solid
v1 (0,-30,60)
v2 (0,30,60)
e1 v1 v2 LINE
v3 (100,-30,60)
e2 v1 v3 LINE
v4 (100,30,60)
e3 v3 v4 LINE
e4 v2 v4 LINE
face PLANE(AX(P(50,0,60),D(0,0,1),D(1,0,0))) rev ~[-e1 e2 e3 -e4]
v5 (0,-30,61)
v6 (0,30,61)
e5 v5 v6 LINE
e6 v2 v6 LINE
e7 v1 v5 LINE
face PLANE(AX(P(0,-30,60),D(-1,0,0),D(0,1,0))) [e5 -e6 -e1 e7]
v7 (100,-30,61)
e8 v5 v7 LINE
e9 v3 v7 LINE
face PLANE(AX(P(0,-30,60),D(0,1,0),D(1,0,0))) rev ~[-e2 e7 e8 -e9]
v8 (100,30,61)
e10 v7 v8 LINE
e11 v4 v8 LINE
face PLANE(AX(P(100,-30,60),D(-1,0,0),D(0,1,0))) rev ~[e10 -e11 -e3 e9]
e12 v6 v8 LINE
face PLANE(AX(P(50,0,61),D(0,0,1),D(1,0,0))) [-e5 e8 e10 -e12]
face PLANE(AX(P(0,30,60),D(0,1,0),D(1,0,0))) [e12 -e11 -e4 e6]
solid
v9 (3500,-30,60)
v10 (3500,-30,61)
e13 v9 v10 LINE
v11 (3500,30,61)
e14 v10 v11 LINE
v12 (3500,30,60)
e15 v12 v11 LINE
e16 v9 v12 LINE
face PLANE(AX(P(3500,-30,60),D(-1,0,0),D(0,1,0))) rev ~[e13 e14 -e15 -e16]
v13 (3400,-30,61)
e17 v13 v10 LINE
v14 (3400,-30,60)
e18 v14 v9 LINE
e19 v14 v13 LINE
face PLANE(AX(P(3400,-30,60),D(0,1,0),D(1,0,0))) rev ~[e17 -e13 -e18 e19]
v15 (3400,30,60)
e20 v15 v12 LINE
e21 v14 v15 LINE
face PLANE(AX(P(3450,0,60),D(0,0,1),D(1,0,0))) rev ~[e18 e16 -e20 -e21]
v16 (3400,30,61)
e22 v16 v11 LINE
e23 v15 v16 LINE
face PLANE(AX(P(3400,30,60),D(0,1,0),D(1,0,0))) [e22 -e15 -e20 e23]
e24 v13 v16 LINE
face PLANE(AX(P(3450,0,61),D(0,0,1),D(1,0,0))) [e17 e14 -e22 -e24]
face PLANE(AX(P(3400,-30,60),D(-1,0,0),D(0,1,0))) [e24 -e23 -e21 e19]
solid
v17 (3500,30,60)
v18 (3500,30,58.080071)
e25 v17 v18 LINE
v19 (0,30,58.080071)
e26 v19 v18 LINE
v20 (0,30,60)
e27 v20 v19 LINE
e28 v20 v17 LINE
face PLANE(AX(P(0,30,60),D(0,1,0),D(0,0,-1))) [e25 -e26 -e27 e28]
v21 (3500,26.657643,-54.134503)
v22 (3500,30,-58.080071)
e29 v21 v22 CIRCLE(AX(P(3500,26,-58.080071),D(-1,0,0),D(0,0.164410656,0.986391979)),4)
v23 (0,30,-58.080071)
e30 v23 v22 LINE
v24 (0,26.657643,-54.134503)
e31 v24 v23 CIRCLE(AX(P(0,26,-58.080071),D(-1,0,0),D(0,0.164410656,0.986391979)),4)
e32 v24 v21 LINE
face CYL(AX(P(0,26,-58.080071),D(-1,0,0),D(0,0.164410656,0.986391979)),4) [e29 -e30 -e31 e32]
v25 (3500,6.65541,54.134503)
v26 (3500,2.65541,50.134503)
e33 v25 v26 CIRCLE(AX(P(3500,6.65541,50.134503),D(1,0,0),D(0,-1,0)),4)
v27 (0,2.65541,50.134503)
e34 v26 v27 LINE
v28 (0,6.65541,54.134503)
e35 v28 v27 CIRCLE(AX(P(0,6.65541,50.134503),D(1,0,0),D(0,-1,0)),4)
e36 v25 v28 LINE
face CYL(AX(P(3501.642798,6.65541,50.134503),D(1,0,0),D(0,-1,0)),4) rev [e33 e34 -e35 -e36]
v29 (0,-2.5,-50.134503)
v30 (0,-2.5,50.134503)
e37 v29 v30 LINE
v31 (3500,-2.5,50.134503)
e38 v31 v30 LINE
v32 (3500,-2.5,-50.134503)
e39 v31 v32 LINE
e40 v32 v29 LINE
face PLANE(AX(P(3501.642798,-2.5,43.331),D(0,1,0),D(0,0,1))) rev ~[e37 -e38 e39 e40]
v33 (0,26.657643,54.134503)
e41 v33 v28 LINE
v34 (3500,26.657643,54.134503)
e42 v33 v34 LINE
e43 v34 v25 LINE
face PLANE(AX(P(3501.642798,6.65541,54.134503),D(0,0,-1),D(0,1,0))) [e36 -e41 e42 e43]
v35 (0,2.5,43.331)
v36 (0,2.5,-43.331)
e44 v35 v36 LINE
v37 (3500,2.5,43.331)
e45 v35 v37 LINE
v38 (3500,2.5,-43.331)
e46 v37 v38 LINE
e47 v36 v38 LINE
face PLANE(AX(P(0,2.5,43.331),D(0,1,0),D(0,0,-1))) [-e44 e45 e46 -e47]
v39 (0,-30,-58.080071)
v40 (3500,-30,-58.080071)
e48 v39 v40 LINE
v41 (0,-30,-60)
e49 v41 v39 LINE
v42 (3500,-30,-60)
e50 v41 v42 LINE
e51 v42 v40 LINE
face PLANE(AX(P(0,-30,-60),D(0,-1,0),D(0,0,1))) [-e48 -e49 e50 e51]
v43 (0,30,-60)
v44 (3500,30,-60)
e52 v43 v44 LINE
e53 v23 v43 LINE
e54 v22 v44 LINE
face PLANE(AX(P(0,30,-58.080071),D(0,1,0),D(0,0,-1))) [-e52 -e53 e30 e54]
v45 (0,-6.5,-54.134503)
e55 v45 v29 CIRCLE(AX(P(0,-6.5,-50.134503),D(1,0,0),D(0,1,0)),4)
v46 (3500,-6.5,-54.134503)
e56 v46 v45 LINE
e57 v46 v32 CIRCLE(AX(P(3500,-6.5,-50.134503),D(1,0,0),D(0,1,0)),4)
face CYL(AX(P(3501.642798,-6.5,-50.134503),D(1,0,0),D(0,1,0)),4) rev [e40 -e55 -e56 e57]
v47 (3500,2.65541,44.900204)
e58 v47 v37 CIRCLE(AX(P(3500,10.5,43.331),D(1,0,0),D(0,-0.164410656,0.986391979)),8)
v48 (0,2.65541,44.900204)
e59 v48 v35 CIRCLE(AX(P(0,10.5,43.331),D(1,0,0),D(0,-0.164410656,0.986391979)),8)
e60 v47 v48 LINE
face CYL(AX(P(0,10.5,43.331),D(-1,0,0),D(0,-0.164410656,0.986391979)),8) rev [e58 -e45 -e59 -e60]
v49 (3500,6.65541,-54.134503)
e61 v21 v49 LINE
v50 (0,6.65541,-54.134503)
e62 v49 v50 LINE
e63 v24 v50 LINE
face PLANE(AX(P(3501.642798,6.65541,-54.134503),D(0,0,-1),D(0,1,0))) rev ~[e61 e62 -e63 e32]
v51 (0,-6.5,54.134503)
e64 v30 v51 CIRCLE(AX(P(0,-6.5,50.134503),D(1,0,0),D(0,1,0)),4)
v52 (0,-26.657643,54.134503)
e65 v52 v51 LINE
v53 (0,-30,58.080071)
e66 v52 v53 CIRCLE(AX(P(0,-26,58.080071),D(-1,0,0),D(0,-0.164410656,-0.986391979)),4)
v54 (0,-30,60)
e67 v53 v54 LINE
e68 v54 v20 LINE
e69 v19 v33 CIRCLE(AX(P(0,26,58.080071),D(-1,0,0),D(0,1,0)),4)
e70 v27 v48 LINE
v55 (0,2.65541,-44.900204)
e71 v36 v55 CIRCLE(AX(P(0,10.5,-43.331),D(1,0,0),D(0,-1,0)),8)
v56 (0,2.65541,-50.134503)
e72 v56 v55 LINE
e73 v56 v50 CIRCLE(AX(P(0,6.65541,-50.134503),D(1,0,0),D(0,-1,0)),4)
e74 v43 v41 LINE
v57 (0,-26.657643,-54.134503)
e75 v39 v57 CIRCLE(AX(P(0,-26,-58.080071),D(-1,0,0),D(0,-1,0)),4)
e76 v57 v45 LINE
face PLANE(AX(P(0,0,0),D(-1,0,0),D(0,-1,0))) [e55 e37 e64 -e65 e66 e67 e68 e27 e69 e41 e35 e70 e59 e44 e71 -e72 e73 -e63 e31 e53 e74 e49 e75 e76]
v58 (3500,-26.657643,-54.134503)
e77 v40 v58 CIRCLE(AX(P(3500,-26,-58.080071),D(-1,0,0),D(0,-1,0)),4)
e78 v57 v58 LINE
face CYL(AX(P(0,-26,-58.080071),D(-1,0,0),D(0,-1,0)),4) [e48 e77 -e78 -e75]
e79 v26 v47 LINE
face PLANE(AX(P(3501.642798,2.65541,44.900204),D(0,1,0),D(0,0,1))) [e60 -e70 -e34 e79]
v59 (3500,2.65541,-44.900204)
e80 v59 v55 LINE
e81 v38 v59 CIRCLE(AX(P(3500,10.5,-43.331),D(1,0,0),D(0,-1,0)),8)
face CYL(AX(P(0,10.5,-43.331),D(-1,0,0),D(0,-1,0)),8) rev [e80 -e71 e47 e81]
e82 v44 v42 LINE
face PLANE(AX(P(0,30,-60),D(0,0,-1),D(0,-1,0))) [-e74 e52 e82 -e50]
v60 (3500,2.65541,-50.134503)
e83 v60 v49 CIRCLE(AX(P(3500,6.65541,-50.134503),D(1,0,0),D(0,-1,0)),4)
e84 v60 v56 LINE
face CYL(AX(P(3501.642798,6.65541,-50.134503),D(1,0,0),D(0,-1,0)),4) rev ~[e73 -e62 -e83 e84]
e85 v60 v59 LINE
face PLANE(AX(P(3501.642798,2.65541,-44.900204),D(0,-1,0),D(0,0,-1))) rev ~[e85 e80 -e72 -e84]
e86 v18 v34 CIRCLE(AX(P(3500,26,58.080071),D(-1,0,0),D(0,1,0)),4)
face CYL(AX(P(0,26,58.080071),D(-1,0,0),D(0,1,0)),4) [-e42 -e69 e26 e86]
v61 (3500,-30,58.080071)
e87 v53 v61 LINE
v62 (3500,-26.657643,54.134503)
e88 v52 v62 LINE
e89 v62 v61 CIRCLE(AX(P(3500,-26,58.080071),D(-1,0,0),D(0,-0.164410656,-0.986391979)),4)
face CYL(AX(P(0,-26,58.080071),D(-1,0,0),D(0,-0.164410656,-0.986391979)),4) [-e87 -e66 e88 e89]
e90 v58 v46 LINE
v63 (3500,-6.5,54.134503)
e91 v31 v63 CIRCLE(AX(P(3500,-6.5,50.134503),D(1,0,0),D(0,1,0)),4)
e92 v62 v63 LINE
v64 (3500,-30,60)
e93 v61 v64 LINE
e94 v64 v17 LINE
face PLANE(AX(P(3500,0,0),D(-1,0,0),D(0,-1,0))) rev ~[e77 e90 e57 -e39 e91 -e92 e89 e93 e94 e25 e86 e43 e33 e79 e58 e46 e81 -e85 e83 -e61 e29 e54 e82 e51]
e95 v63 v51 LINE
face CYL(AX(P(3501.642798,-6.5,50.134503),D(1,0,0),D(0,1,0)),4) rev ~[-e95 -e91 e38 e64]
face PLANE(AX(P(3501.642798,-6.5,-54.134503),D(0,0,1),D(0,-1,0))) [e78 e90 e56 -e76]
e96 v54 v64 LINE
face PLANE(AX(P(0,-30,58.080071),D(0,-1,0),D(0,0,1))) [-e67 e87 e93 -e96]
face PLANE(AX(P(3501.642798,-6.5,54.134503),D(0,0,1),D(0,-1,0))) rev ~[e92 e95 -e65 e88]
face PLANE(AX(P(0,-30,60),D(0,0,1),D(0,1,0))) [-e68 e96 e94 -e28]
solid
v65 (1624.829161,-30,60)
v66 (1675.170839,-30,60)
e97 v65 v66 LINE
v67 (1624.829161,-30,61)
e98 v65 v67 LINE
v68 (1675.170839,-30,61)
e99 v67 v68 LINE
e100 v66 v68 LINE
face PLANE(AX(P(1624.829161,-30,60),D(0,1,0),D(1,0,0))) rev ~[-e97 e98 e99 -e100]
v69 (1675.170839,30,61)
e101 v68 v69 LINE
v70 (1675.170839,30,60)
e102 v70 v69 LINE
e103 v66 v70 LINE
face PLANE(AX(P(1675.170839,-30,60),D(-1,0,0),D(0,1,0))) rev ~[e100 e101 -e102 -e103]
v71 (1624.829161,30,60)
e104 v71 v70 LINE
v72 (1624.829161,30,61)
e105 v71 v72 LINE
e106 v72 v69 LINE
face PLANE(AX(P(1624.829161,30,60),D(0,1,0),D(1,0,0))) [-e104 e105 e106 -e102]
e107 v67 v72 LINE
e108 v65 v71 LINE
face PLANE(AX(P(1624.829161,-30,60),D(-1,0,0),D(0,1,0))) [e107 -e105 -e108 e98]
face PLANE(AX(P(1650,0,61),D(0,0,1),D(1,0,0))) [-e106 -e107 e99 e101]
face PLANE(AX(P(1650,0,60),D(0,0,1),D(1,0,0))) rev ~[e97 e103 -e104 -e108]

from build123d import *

# Parameters (mm, degrees)
VIGA_SB_120_X_12_2_DEPTH   = 3500
CORTAR_EXTRUIR1_DEPTH      = 3501.642798116
CORTAR_EXTRUIR1_DEPTH_BACK = 3501.642798116
CROQUIS4_W                 = 50.341677604
CROQUIS4_H                 = 60
SALIENTE_EXTRUIR1_DEPTH    = 1
CROQUIS6_W                 = 100
CROQUIS6_H                 = 60
SALIENTE_EXTRUIR2_DEPTH    = 1
SALIENTE_EXTRUIR2_2_DEPTH  = 1


with BuildPart() as part:
    # Sketch12 → Viga sb 120 X 12(2) (new body)
    with BuildSketch(Plane.YZ):
        with BuildLine():
            Line((-30, -60), (-30, -58.080070835))
            ThreePointArc((-30, -58.080070835), (-29.052095223, -55.494589303), (-26.657642624, -54.134502919))
            Line((-26.657642624, -54.134502919), (-9.184714752, -51.222135832))
            ThreePointArc((-9.184714752, -51.222135832), (-4.395809555, -48.501963064), (-2.5, -43.331))
            Line((-2.5, -43.331), (-2.5, 43.331))
            ThreePointArc((-2.5, 43.331), (-4.395809555, 48.501963064), (-9.184714752, 51.222135832))
            Line((-9.184714752, 51.222135832), (-26.657642624, 54.134502919))
            ThreePointArc((-26.657642624, 54.134502919), (-29.052095223, 55.494589303), (-30, 58.080070835))
            Line((-30, 58.080070835), (-30, 60))
            Line((-30, 60), (30, 60))
            Line((30, 60), (30, 58.080070835))
            ThreePointArc((30, 58.080070835), (29.052095223, 55.494589303), (26.657642624, 54.134502919))
            Line((26.657642624, 54.134502919), (9.184714752, 51.222135832))
            ThreePointArc((9.184714752, 51.222135832), (4.395809555, 48.501963064), (2.5, 43.331))
            Line((2.5, 43.331), (2.5, -43.331))
            ThreePointArc((2.5, -43.331), (4.395809555, -48.501963064), (9.184714752, -51.222135832))
            Line((9.184714752, -51.222135832), (26.657642624, -54.134502919))
            ThreePointArc((26.657642624, -54.134502919), (29.052095223, -55.494589303), (30, -58.080070835))
            Line((30, -58.080070835), (30, -60))
            Line((30, -60), (-30, -60))
        make_face()
    extrude(amount=VIGA_SB_120_X_12_2_DEPTH)

    # Croquis3 → Cortar-Extruir1 (cut, two sides: drawn at the far end of the back side and taken through both)
    with BuildSketch(Plane.ZY.offset(-CORTAR_EXTRUIR1_DEPTH_BACK)):
        with BuildLine():
            Line((54.134502919, 26.657642624), (44.900203823, 26.657642624))
            Line((44.900203823, 26.657642624), (44.900203823, 2.655409548))
            Line((44.900203823, 2.655409548), (50.134502919, 2.655409548))
            ThreePointArc((50.134502919, 2.655409548), (52.962930044, 3.826982423), (54.134502919, 6.655409548))
            Line((54.134502919, 6.655409548), (54.134502919, 26.657642624))
        make_face()
        with BuildLine():
            Line((54.134502919, -26.657642624), (43.331, -26.657642624))
            Line((43.331, -26.657642624), (43.331, -2.5))
            Line((43.331, -2.5), (50.134502919, -2.5))
            ThreePointArc((50.134502919, -2.5), (52.962930044, -3.671572875), (54.134502919, -6.5))
            Line((54.134502919, -6.5), (54.134502919, -26.657642624))
        make_face()
        with BuildLine():
            Line((-43.331, -26.657642624), (-43.331, -2.5))
            Line((-43.331, -2.5), (-50.134502919, -2.5))
            ThreePointArc((-50.134502919, -2.5), (-52.962930044, -3.671572875), (-54.134502919, -6.5))
            Line((-54.134502919, -6.5), (-54.134502919, -26.657642624))
            Line((-54.134502919, -26.657642624), (-43.331, -26.657642624))
        make_face()
        with BuildLine():
            Line((-44.900203823, 26.657642624), (-44.900203823, 2.655409548))
            Line((-44.900203823, 2.655409548), (-50.134502919, 2.655409548))
            ThreePointArc((-50.134502919, 2.655409548), (-52.962930044, 3.826982423), (-54.134502919, 6.655409548))
            Line((-54.134502919, 6.655409548), (-54.134502919, 26.657642624))
            Line((-54.134502919, 26.657642624), (-44.900203823, 26.657642624))
        make_face()
    extrude(amount=CORTAR_EXTRUIR1_DEPTH + CORTAR_EXTRUIR1_DEPTH_BACK, mode=Mode.SUBTRACT)


with BuildPart() as body_2:
    # Croquis4 → Saliente-Extruir1 (new body)
    with BuildSketch(Plane.XY.offset(60)):
        with Locations((1650, 0)):
            Rectangle(CROQUIS4_W, CROQUIS4_H)
    extrude(amount=SALIENTE_EXTRUIR1_DEPTH)


with BuildPart() as body_3:
    # Croquis6 → Saliente-Extruir2 (new body)
    with BuildSketch(Plane.XY.offset(60)):
        with Locations((3450, 0)):
            Rectangle(CROQUIS6_W, CROQUIS6_H)
    extrude(amount=SALIENTE_EXTRUIR2_DEPTH)


with BuildPart() as body_4:
    # Croquis6 → Saliente-Extruir2 2 (new body)
    with BuildSketch(Plane.XY.offset(60)):
        with Locations((50, 0)):
            Rectangle(CROQUIS6_W, CROQUIS6_H)
    extrude(amount=SALIENTE_EXTRUIR2_2_DEPTH)


solid = Compound([part.part, body_2.part, body_3.part, body_4.part])
